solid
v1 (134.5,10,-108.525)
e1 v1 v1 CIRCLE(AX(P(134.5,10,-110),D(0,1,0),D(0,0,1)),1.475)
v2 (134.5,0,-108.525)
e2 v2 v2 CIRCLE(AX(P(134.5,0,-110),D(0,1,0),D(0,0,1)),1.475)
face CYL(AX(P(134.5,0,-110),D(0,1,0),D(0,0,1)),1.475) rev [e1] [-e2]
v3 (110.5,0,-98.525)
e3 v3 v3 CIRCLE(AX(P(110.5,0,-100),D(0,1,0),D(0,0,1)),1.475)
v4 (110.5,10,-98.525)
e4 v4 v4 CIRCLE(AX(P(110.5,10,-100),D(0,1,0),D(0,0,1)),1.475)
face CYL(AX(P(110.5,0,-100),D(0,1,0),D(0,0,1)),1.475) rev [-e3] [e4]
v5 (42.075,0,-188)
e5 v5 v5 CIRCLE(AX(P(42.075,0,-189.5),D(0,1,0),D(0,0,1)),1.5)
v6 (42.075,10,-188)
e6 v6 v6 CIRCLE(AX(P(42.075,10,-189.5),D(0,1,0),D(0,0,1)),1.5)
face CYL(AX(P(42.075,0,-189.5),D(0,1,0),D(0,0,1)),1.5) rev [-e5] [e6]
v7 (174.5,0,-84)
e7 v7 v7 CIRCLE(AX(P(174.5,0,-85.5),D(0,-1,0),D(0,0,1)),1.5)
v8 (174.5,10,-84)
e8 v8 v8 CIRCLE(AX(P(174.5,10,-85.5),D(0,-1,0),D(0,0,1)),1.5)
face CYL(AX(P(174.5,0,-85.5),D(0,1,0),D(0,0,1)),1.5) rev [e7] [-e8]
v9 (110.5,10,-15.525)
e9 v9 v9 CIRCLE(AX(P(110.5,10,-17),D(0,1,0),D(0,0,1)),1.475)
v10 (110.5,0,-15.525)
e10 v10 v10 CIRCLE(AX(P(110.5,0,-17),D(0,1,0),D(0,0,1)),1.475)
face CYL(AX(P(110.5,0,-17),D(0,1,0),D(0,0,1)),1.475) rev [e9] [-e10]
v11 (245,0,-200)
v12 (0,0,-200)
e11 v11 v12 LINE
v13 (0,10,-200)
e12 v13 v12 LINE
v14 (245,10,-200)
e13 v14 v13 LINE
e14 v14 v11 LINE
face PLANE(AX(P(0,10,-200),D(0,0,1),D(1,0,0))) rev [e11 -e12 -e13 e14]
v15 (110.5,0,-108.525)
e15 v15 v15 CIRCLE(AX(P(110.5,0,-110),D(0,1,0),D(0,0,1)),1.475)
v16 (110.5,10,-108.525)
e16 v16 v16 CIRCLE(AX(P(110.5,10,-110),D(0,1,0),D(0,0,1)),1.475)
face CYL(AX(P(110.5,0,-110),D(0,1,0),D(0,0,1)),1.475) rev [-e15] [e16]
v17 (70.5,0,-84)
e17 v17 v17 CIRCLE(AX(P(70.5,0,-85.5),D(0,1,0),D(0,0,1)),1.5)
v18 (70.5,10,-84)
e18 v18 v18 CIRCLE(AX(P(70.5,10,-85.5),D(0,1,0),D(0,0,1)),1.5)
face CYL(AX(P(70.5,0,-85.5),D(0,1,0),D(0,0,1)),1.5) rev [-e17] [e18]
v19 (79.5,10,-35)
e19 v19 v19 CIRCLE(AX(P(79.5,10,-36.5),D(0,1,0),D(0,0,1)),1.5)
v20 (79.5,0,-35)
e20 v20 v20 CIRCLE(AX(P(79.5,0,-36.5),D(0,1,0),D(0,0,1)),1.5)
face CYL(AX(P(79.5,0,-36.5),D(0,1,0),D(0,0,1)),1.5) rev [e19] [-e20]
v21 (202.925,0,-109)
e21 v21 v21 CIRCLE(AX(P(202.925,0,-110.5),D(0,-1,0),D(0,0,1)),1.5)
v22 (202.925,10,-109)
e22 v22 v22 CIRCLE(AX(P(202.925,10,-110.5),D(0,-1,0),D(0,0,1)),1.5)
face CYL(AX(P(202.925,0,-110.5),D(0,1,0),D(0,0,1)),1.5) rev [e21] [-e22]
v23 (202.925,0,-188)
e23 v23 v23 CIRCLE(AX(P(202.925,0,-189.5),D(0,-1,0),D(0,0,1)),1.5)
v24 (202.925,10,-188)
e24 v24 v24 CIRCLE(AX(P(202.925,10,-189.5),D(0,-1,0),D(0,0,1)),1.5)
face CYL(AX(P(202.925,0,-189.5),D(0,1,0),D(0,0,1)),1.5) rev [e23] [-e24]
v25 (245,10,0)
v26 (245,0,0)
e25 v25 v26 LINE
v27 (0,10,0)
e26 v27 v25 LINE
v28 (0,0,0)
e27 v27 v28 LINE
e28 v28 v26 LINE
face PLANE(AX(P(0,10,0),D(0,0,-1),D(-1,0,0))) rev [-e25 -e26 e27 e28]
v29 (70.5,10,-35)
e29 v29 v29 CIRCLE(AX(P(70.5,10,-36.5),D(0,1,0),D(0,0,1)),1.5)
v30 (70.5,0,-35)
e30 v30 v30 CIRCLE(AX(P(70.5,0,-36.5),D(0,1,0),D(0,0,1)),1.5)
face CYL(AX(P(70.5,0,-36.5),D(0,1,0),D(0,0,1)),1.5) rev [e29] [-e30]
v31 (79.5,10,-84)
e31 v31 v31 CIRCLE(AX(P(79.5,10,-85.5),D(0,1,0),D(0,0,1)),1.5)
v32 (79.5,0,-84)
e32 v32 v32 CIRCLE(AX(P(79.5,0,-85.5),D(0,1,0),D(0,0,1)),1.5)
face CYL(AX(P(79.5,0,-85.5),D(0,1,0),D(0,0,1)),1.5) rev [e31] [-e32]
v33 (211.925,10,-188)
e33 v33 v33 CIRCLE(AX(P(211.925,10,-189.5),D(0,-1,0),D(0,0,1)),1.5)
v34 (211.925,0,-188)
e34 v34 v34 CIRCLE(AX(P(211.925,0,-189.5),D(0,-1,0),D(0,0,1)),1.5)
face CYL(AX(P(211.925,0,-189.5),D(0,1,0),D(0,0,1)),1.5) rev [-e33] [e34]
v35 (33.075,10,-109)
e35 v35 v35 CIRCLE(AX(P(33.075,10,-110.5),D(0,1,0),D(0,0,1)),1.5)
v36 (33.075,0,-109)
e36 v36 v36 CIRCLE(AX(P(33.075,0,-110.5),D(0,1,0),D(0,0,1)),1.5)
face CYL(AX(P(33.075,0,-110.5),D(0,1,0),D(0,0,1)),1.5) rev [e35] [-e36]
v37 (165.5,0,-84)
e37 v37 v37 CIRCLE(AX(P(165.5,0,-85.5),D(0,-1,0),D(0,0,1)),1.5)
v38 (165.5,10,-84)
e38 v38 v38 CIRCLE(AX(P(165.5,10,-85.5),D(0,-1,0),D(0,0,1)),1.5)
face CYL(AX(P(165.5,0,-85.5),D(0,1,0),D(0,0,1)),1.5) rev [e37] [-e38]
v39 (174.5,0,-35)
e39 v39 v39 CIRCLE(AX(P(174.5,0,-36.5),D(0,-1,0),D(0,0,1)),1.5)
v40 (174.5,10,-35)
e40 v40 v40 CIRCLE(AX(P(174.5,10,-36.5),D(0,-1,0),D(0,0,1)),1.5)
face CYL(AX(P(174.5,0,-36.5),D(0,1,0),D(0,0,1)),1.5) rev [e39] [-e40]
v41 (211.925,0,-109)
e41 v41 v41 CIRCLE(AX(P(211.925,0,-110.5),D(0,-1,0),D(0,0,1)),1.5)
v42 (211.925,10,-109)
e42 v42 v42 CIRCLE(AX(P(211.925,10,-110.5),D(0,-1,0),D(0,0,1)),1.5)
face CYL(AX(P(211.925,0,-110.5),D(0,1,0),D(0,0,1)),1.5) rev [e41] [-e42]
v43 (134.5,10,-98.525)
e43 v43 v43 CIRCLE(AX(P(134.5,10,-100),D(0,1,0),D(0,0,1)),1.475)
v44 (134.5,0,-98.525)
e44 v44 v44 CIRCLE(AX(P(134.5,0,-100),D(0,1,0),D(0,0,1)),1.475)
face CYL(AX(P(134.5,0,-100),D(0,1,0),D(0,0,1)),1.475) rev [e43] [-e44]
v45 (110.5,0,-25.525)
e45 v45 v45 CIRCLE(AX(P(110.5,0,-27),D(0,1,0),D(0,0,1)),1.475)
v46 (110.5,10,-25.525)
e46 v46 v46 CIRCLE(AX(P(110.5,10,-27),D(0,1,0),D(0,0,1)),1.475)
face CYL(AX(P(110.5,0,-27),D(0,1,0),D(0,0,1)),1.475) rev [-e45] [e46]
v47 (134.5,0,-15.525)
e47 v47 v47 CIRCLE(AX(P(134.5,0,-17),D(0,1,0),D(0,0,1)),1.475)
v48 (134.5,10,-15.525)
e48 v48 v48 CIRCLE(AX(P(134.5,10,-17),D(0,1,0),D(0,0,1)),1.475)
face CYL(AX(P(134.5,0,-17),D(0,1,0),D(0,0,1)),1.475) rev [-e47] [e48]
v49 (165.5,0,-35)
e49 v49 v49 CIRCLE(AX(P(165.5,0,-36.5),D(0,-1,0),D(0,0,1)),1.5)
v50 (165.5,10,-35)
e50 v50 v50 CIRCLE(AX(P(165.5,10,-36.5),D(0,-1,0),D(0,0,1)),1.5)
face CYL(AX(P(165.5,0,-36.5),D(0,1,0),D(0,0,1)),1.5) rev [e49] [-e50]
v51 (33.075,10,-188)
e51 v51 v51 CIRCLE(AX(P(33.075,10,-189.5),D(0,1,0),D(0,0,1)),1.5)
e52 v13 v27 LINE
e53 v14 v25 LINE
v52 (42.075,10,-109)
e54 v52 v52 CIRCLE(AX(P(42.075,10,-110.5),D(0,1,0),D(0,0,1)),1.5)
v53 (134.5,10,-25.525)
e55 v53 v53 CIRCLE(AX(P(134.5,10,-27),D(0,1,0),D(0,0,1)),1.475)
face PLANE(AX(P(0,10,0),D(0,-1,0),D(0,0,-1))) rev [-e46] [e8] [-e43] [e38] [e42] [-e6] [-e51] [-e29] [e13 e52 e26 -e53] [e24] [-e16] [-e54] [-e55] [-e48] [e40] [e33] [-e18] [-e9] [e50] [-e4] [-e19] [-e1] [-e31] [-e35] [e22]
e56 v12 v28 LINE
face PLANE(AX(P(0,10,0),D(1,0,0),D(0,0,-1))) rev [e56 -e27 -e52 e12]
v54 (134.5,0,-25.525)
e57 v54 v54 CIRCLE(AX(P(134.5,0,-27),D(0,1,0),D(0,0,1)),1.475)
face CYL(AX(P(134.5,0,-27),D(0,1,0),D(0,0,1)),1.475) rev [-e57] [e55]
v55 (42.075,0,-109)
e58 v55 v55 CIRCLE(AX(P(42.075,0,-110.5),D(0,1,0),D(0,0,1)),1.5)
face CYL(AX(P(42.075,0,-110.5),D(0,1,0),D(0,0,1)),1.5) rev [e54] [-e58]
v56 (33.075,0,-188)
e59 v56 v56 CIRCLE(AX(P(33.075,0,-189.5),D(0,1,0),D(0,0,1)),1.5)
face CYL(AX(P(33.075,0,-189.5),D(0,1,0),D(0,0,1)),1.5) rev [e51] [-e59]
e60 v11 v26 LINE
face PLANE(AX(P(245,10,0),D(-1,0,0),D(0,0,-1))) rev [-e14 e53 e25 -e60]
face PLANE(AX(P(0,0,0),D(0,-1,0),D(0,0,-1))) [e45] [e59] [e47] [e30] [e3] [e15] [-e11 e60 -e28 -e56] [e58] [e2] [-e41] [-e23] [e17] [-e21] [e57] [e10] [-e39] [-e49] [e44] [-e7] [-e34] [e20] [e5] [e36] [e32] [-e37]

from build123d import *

# Parameters (mm, degrees)
SKETCH1_W           = 122.5
SKETCH1_H           = 200
BOSS_EXTRUDE1_DEPTH = 10
SKETCH4_R           = 1.5
CUT_EXTRUDE2_DEPTH  = 10
SKETCH5_R           = 1.475
CUT_EXTRUDE3_DEPTH  = 10


with BuildPart() as part:
    # Sketch1 → Boss-Extrude1 (new body)
    with BuildSketch(Plane(origin=(0, 0, 0), x_dir=(1, 0, 0), z_dir=(0, 1, 0))):
        with Locations((61.25, 100)):
            Rectangle(SKETCH1_W, SKETCH1_H)
    extrude(amount=BOSS_EXTRUDE1_DEPTH)

    # Sketch4 → Cut-Extrude2 (cut)
    with BuildSketch(Plane(origin=(0, 10, 0), x_dir=(1, 0, 0), z_dir=(0, 1, 0))):
        with Locations(Location((33.075, 189.5, 0), (0, 0, 270))):
            Circle(SKETCH4_R)
        with Locations(Location((42.075, 189.5, 0), (0, 0, 270))):
            Circle(SKETCH4_R)
        with Locations(Location((33.075, 110.5, 0), (0, 0, 270))):
            Circle(SKETCH4_R)
        with Locations(Location((42.075, 110.5, 0), (0, 0, 270))):
            Circle(SKETCH4_R)
        with Locations(Location((70.5, 85.5, 0), (0, 0, 270))):
            Circle(SKETCH4_R)
        with Locations(Location((79.5, 85.5, 0), (0, 0, 270))):
            Circle(SKETCH4_R)
        with Locations(Location((70.5, 36.5, 0), (0, 0, 270))):
            Circle(SKETCH4_R)
        with Locations(Location((79.5, 36.5, 0), (0, 0, 270))):
            Circle(SKETCH4_R)
    extrude(amount=-CUT_EXTRUDE2_DEPTH, mode=Mode.SUBTRACT)

    # Mirror1: part across plane


with BuildPart() as part_1:
    add(part.part)
    add(part.part.mirror(Plane(origin=(122.5, 10, 0), x_dir=(0, 0, 1), z_dir=(-1, 0, 0))))

    # Sketch5 → Cut-Extrude3 (cut)
    with BuildSketch(Plane(origin=(0, 10, 0), x_dir=(1, 0, 0), z_dir=(0, 1, 0))):
        with Locations(Location((134.5, 110, 0), (0, 0, 270))):
            Circle(SKETCH5_R)
        with Locations(Location((110.5, 110, 0), (0, 0, 270))):
            Circle(SKETCH5_R)
        with Locations(Location((110.5, 100, 0), (0, 0, 270))):
            Circle(SKETCH5_R)
        with Locations(Location((134.5, 100, 0), (0, 0, 270))):
            Circle(SKETCH5_R)
        with Locations(Location((110.5, 27, 0), (0, 0, 270))):
            Circle(SKETCH5_R)
        with Locations(Location((134.5, 27, 0), (0, 0, 270))):
            Circle(SKETCH5_R)
        with Locations(Location((134.5, 17, 0), (0, 0, 270))):
            Circle(SKETCH5_R)
        with Locations(Location((110.5, 17, 0), (0, 0, 270))):
            Circle(SKETCH5_R)
    extrude(amount=-CUT_EXTRUDE3_DEPTH, mode=Mode.SUBTRACT)


solid = part_1.part
